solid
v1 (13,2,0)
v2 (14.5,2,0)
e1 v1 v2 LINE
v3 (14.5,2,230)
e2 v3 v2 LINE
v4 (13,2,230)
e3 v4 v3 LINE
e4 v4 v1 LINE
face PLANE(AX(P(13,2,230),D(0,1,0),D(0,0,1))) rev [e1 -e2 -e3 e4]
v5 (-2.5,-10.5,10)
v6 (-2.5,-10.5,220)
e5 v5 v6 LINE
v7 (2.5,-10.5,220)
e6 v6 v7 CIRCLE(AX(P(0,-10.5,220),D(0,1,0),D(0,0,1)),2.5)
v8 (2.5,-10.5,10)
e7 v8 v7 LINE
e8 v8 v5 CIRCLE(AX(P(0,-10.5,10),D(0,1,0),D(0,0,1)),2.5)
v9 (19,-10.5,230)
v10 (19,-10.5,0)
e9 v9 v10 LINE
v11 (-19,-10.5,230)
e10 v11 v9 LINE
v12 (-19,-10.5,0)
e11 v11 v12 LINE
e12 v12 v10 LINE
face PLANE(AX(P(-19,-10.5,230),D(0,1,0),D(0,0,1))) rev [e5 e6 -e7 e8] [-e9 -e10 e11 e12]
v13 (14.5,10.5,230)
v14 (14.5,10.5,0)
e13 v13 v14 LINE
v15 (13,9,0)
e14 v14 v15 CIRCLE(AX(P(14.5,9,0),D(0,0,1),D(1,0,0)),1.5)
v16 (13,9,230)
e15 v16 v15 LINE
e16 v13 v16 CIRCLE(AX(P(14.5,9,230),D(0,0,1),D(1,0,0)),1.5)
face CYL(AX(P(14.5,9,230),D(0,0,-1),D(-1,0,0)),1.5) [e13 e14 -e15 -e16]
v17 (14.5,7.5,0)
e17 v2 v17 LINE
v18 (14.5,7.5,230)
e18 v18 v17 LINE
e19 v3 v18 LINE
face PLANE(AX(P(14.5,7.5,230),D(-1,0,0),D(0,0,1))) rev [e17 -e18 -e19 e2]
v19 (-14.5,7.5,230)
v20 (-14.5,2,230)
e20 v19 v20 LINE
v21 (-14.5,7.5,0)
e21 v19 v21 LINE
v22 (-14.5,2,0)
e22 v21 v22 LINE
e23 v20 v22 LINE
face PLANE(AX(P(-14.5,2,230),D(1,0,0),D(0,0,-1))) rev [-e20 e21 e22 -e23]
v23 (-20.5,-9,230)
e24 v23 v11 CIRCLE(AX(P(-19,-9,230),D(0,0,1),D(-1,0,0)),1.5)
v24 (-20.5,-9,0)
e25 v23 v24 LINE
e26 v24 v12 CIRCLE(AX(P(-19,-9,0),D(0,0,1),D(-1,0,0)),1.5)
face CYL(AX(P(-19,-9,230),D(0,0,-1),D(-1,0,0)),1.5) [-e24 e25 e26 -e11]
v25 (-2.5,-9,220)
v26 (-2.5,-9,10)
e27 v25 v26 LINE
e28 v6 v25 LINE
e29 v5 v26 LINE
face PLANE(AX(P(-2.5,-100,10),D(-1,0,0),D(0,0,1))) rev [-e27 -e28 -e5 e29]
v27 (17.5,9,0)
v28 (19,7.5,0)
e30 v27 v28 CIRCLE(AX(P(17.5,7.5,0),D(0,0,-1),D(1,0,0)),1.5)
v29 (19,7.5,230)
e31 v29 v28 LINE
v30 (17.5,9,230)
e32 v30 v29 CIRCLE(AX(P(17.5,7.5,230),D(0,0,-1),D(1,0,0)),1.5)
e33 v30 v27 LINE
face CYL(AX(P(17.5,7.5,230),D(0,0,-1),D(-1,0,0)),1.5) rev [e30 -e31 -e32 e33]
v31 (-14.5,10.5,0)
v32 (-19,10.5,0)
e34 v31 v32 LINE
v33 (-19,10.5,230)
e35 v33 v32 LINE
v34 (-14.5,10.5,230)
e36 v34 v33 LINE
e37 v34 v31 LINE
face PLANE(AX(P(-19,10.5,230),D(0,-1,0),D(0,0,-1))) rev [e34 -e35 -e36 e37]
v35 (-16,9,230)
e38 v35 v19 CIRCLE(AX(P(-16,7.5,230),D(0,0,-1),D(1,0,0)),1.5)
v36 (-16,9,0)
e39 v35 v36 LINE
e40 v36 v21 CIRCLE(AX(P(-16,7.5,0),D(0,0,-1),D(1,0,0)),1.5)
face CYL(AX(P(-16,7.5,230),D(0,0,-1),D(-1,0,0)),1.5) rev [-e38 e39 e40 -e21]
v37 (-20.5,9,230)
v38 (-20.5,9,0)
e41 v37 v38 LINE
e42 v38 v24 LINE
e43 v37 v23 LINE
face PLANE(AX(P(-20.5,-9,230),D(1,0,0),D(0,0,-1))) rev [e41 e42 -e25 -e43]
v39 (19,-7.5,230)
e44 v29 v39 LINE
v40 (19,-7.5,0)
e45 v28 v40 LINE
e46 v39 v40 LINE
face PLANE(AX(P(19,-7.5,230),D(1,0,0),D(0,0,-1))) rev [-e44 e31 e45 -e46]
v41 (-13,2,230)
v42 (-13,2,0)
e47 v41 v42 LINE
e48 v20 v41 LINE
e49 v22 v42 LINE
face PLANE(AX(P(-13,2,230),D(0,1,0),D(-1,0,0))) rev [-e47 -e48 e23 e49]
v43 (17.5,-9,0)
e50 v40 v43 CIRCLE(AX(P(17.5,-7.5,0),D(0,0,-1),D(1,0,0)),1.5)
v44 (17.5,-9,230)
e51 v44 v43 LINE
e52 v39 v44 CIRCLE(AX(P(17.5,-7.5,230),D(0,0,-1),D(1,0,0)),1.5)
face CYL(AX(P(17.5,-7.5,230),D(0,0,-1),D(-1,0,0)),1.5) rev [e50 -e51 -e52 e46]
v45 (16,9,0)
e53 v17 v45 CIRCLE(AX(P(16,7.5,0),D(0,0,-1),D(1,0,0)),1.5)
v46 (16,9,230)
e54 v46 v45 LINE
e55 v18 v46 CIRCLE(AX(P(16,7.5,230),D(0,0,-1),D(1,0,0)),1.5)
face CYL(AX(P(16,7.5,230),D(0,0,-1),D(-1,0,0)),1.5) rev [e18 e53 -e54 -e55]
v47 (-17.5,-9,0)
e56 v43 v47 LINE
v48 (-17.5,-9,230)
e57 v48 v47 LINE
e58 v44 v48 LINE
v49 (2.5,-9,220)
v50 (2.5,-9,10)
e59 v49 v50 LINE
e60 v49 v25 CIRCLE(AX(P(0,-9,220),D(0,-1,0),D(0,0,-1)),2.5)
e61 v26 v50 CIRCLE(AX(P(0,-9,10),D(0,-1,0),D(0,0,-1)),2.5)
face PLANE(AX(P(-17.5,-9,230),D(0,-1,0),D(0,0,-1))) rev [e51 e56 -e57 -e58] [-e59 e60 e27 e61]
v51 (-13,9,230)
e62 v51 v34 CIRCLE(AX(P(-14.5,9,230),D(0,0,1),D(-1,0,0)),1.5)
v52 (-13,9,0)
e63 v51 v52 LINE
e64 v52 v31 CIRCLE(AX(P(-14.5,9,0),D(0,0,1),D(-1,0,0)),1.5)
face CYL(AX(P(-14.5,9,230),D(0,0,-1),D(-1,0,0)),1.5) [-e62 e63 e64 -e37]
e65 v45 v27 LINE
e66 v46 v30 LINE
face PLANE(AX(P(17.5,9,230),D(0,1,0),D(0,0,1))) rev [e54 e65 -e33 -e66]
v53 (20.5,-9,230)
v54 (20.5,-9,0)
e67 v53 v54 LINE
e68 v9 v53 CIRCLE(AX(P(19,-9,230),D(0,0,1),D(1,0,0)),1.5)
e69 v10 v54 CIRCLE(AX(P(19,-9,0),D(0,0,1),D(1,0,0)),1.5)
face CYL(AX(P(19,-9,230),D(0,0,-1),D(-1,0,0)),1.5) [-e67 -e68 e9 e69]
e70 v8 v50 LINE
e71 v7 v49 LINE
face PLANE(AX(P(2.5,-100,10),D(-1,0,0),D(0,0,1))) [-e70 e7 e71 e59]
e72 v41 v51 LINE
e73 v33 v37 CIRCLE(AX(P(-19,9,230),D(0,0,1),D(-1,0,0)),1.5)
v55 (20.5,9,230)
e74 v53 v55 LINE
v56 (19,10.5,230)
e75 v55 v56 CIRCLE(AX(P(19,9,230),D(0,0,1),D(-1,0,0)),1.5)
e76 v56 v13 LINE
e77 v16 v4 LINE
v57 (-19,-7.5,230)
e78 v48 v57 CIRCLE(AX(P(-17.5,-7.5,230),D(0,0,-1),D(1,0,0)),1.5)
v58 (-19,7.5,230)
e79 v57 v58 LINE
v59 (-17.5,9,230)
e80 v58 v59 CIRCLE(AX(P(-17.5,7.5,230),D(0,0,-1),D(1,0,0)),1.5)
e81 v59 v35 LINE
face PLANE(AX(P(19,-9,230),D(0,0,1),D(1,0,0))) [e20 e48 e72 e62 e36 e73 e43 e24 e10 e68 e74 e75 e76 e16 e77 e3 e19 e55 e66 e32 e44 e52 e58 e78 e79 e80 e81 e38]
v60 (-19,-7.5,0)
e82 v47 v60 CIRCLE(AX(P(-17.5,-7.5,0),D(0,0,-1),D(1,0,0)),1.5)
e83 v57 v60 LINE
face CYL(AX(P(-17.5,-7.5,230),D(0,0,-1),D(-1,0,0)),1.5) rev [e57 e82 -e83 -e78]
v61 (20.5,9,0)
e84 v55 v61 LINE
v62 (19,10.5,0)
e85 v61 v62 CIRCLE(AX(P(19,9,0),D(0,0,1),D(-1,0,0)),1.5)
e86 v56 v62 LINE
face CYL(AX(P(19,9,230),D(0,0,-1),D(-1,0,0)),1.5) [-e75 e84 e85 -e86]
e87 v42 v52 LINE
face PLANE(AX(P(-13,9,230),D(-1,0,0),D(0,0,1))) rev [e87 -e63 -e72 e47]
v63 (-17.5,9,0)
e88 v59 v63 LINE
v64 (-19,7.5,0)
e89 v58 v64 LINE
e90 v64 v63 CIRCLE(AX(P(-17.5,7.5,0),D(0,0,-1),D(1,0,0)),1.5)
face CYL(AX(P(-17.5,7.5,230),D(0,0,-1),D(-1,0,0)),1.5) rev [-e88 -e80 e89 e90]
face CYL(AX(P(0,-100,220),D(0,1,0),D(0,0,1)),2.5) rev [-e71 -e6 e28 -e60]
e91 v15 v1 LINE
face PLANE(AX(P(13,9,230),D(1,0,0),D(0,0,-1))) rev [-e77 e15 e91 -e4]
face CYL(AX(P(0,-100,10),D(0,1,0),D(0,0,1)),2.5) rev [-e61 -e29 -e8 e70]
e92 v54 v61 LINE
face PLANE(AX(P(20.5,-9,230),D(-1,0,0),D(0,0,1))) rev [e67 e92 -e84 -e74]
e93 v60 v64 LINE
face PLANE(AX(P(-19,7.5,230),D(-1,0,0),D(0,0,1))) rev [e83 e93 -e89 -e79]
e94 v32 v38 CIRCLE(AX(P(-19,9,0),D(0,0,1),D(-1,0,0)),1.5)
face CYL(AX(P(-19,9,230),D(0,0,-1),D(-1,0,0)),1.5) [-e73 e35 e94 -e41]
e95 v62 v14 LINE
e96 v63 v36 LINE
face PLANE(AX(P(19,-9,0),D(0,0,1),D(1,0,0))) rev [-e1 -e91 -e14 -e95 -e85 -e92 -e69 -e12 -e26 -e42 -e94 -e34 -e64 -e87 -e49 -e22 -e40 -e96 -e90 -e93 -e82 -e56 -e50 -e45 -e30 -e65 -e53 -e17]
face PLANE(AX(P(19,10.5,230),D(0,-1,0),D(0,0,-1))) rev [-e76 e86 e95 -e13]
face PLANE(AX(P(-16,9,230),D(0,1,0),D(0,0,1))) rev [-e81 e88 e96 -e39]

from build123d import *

# Parameters (mm, degrees)
EXTRUDE_1_DEPTH     = 230
CUT_EXTRUDE_1_DEPTH = 100


with BuildPart() as part:
    # 草图1 → 凸台-拉伸1 (new body)
    with BuildSketch(Plane.XY):
        with BuildLine():
            Line((-19, 10.5), (-14.5, 10.5))
            ThreePointArc((-14.5, 10.5), (-13.439339828, 10.060660172), (-13, 9))
            Line((-13, 9), (-13, 2))
            Line((-13, 2), (-14.5, 2))
            Line((-14.5, 2), (-14.5, 7.5))
            ThreePointArc((-14.5, 7.5), (-14.939339828, 8.560660172), (-16, 9))
            Line((-16, 9), (-17.5, 9))
            ThreePointArc((-17.5, 9), (-18.560660172, 8.560660172), (-19, 7.5))
            Line((-19, 7.5), (-19, -7.5))
            ThreePointArc((-19, -7.5), (-18.560660172, -8.560660172), (-17.5, -9))
            Line((-17.5, -9), (17.5, -9))
            ThreePointArc((17.5, -9), (18.560660172, -8.560660172), (19, -7.5))
            Line((19, -7.5), (19, 7.5))
            ThreePointArc((19, 7.5), (18.560660172, 8.560660172), (17.5, 9))
            Line((17.5, 9), (16, 9))
            ThreePointArc((16, 9), (14.939339828, 8.560660172), (14.5, 7.5))
            Line((14.5, 7.5), (14.5, 2))
            Line((14.5, 2), (13, 2))
            Line((13, 2), (13, 9))
            ThreePointArc((13, 9), (13.439339828, 10.060660172), (14.5, 10.5))
            Line((14.5, 10.5), (19, 10.5))
            ThreePointArc((19, 10.5), (20.060660172, 10.060660172), (20.5, 9))
            Line((20.5, 9), (20.5, -9))
            ThreePointArc((20.5, -9), (20.060660172, -10.060660172), (19, -10.5))
            Line((19, -10.5), (-19, -10.5))
            ThreePointArc((-19, -10.5), (-20.060660172, -10.060660172), (-20.5, -9))
            Line((-20.5, -9), (-20.5, 9))
            ThreePointArc((-20.5, 9), (-20.060660172, 10.060660172), (-19, 10.5))
        make_face()
    extrude(amount=EXTRUDE_1_DEPTH)

    # 草图3 → 切除-拉伸1 (cut)
    with BuildSketch(Plane(origin=(0, 0, 0), x_dir=(1, 0, 0), z_dir=(0, 1, 0))):
        with BuildLine():
            Line((2.5, -10), (2.5, -220))
            ThreePointArc((2.5, -220), (0, -222.5), (-2.5, -220))
            Line((-2.5, -220), (-2.5, -10))
            ThreePointArc((-2.5, -10), (0, -7.5), (2.5, -10))
        make_face()
    extrude(amount=-CUT_EXTRUDE_1_DEPTH, mode=Mode.SUBTRACT)


solid = part.part
